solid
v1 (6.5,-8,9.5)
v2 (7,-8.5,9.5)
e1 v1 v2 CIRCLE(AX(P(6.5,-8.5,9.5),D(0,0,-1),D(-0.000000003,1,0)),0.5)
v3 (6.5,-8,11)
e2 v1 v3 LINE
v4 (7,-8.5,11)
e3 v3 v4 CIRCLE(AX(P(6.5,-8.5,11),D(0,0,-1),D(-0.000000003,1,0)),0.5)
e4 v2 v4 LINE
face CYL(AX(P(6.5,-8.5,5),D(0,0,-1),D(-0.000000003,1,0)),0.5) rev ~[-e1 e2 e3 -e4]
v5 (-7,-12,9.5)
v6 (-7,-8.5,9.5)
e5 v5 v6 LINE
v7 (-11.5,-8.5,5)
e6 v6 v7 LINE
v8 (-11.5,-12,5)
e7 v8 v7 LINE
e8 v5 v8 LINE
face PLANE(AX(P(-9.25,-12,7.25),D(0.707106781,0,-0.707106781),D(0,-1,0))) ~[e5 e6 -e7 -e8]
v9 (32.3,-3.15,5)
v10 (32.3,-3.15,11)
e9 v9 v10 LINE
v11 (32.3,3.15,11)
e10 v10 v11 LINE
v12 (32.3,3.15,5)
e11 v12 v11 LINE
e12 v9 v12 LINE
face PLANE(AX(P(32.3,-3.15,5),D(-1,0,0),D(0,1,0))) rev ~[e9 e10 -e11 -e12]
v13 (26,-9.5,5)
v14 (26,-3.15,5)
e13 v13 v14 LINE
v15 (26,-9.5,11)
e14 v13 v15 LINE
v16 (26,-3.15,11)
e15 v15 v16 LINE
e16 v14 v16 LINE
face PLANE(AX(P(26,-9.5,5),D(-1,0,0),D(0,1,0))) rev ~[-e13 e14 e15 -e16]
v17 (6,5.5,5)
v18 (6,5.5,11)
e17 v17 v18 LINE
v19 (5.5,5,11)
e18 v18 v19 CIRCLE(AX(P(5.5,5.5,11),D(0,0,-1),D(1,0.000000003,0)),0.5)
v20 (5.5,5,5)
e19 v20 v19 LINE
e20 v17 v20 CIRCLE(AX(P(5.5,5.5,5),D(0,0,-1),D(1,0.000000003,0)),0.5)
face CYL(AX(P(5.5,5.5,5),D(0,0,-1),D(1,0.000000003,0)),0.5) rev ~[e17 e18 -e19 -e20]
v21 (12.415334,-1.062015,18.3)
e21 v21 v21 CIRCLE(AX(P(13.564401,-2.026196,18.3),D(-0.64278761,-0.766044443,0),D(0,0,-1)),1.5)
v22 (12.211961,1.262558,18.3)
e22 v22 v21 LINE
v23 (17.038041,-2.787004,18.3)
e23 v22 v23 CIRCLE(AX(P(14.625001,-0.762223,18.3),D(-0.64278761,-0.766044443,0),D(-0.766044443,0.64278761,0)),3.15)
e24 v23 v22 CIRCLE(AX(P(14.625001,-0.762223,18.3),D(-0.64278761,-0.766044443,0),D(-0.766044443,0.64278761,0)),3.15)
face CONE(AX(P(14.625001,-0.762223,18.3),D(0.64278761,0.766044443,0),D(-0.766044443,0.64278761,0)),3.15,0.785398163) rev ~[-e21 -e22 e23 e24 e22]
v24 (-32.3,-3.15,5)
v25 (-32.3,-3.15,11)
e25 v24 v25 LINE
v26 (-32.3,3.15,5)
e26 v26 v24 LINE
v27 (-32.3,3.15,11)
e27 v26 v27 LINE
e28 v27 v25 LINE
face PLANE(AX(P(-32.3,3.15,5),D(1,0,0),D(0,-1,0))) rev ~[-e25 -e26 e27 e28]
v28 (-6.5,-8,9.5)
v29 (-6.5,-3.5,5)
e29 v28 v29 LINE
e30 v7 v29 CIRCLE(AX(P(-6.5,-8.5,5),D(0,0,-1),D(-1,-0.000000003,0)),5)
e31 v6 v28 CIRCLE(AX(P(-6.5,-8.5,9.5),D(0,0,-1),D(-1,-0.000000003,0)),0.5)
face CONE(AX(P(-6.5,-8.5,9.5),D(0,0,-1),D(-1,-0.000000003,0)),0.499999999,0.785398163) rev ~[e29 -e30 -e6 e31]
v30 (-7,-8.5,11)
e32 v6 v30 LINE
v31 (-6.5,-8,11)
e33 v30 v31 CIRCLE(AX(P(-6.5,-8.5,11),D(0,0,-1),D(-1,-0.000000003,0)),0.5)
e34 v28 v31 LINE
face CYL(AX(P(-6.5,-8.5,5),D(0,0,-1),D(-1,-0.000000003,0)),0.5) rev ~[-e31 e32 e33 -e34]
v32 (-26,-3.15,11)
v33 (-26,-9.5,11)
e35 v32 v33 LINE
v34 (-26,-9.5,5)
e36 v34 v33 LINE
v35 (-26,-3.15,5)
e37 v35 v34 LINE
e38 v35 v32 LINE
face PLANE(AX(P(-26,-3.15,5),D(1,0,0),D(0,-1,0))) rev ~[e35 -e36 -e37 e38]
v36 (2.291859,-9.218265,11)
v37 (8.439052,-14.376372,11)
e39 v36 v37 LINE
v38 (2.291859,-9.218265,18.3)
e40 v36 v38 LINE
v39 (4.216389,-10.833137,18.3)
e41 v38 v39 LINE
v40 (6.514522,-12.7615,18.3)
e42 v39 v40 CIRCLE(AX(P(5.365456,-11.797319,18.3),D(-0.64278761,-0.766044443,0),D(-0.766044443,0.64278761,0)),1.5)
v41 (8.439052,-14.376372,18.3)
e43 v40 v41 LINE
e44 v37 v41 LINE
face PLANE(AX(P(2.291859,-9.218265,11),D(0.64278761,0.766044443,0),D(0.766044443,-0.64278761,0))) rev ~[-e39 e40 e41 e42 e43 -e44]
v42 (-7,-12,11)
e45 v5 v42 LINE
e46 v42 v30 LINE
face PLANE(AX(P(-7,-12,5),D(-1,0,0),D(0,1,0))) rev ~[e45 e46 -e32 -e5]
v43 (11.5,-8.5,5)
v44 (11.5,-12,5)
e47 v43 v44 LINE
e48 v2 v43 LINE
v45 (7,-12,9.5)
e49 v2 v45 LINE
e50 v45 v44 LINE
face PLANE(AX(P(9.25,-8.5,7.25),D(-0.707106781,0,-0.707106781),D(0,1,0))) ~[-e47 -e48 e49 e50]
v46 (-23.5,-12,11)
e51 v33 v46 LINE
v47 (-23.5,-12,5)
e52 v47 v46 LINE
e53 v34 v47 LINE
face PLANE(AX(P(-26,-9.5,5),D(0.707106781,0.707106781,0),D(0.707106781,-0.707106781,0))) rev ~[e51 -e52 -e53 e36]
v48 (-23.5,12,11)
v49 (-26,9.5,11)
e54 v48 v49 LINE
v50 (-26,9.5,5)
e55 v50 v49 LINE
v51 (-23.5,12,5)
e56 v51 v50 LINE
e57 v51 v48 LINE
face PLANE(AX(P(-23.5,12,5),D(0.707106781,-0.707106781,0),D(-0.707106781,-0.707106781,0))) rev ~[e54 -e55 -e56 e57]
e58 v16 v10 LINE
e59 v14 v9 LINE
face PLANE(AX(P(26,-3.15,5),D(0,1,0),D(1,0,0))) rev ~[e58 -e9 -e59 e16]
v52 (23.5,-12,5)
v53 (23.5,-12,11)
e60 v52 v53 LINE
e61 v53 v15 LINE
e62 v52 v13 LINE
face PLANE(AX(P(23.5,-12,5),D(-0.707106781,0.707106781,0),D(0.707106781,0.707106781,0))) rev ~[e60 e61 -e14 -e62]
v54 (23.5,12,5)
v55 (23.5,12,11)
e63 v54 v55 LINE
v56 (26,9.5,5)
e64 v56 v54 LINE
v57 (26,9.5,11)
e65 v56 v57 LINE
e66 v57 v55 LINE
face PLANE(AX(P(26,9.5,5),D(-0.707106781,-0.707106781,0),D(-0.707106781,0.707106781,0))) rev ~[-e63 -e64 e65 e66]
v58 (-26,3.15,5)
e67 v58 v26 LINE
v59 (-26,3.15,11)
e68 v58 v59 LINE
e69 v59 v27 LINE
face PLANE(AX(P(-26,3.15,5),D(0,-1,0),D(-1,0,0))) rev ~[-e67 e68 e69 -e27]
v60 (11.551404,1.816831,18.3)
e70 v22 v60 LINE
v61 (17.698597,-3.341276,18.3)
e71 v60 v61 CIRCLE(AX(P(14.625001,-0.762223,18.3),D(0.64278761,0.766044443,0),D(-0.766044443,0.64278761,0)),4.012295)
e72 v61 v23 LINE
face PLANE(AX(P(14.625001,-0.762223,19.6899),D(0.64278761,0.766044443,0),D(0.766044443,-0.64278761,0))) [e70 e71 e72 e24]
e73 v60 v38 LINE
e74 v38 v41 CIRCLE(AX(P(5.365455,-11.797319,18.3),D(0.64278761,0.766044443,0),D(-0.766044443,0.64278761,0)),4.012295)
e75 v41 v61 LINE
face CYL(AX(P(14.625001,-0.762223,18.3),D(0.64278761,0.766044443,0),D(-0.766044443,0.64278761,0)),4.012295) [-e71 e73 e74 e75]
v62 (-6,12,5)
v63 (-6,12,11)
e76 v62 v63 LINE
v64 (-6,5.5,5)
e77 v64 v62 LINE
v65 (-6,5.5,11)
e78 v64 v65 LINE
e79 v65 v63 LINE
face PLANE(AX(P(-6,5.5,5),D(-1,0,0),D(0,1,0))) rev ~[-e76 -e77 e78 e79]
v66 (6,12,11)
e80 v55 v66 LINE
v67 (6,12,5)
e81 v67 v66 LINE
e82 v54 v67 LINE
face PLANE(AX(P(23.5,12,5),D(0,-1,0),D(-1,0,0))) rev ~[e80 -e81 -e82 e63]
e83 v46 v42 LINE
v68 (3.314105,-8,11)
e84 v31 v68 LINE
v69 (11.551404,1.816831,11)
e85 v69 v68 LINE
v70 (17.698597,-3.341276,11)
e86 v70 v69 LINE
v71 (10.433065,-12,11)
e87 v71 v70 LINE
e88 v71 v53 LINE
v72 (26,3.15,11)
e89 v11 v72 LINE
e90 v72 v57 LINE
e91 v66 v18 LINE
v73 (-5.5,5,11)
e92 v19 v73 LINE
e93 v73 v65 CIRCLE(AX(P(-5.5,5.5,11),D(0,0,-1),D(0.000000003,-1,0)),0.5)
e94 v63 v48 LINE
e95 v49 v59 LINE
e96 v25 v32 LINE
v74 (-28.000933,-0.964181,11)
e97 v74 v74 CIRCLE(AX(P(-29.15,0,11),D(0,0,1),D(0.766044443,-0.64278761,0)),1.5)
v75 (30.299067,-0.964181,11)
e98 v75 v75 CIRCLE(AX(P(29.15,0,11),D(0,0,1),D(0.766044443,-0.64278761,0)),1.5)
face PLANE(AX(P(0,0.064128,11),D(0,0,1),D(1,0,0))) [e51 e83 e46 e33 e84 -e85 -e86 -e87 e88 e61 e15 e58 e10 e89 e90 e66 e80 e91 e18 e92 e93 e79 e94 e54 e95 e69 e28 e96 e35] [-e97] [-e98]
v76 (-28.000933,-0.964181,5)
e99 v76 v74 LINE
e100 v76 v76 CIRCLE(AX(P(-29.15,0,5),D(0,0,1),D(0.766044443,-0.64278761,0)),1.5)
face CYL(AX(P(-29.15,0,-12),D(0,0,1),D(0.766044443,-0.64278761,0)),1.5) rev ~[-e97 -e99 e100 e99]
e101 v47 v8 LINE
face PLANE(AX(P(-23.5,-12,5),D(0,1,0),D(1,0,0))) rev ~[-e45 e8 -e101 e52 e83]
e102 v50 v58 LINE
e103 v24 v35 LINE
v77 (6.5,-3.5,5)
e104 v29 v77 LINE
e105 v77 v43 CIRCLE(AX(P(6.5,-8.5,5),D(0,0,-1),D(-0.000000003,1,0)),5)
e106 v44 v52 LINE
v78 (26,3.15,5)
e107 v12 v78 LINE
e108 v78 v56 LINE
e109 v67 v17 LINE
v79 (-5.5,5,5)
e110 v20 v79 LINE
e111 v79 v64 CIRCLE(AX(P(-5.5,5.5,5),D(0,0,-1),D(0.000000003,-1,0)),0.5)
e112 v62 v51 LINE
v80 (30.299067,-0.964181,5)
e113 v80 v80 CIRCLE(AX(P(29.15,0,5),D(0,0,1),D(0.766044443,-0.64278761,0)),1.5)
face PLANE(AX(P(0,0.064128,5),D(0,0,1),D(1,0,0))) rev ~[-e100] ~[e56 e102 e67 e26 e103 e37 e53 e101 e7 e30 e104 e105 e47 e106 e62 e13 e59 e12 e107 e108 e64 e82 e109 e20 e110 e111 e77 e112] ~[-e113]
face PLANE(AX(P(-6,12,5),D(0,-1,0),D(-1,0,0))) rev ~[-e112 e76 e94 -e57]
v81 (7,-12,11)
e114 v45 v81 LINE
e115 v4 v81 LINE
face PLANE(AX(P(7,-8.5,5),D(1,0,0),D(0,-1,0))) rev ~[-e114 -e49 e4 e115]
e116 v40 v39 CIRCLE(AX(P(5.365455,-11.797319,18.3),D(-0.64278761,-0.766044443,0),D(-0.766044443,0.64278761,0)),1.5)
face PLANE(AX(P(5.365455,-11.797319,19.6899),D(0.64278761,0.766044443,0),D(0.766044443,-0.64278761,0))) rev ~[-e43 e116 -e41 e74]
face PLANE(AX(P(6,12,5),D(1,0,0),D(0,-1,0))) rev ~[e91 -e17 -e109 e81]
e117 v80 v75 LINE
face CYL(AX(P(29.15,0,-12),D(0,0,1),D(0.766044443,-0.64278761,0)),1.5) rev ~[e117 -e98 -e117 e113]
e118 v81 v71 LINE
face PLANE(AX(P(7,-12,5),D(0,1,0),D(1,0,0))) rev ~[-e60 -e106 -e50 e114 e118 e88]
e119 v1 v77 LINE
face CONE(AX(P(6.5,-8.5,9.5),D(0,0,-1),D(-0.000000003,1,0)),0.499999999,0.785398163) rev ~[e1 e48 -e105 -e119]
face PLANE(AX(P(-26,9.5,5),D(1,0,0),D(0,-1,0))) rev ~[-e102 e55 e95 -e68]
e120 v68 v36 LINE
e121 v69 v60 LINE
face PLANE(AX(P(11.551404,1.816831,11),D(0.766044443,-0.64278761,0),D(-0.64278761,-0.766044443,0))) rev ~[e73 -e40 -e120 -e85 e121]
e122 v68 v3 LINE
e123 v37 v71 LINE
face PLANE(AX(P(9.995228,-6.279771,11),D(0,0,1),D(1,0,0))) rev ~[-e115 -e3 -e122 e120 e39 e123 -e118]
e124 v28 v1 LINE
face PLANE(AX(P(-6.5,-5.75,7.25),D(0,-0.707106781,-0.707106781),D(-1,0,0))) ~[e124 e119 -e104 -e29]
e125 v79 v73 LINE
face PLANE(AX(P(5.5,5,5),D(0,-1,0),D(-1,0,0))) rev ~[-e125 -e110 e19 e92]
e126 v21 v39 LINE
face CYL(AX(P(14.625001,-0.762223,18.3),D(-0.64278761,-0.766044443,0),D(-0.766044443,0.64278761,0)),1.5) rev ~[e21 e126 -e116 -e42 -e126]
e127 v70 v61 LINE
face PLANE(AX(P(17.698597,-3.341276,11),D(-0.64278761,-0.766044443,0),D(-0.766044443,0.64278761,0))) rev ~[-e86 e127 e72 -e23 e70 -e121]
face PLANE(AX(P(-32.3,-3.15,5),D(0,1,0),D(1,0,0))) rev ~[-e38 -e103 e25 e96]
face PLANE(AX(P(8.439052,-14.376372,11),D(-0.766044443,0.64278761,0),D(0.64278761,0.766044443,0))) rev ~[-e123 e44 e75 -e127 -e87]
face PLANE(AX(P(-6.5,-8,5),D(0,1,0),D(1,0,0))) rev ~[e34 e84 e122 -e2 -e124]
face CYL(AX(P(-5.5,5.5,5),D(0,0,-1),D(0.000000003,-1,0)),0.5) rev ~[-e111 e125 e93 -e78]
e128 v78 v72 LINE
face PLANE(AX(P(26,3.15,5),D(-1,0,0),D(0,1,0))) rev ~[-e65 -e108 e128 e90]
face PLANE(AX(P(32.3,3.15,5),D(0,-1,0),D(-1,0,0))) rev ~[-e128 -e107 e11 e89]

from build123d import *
from build123d.topology import SkipClean

# Parameters (mm, degrees)
BOSS_EXTRUDE1_START           = 5
BOSS_EXTRUDE1_DEPTH           = 6
CHAMFER1_SIZE                 = 4.5
SKETCH2_W                     = 6
SKETCH2_H                     = 6.3
BOSS_EXTRUDE2_DEPTH           = 6.3
BOSS_EXTRUDE3_DEPTH           = 7.3
BOSS_EXTRUDE4_DEPTH           = 14.405295
CSK_FOR_M3_SFHCS1_D           = 3
CSK_FOR_M3_SFHCS1_CSINK_D     = 6.3
CSK_FOR_M3_SFHCS1_CSINK_ANGLE = 90
CSK_FOR_M3_SFHCS2_D           = 3
CSK_FOR_M3_SFHCS2_CSINK_D     = 6.3
CSK_FOR_M3_SFHCS2_CSINK_ANGLE = 90


with BuildPart() as part:
    # Sketch1 → Boss-Extrude1 (new body)
    with BuildSketch(Plane.XY.offset(BOSS_EXTRUDE1_START)):
        with BuildLine():
            Line((-23.5, -12), (-7, -12))
            Line((-7, -12), (-7, -8.5))
            ThreePointArc((-7, -8.5), (-6.853553391, -8.146446609), (-6.5, -8))
            Line((-6.5, -8), (6.5, -8))
            ThreePointArc((6.5, -8), (6.853553391, -8.146446609), (7, -8.5))
            Line((7, -8.5), (7, -12))
            Line((7, -12), (23.5, -12))
            Line((23.5, -12), (26, -9.5))
            Line((26, -9.5), (26, -3.15))
            Line((26, -3.15), (32.3, -3.15))
            Line((32.3, -3.15), (32.3, 3.15))
            Line((32.3, 3.15), (26, 3.15))
            Line((26, 3.15), (26, 9.5))
            Line((26, 9.5), (23.5, 12))
            Line((23.5, 12), (6, 12))
            Line((6, 12), (6, 5.5))
            ThreePointArc((6, 5.5), (5.853553391, 5.146446609), (5.5, 5))
            Line((5.5, 5), (-5.5, 5))
            ThreePointArc((-5.5, 5), (-5.853553391, 5.146446609), (-6, 5.5))
            Line((-6, 5.5), (-6, 12))
            Line((-6, 12), (-23.5, 12))
            Line((-23.5, 12), (-26, 9.5))
            Line((-26, 9.5), (-26, 3.15))
            Line((-26, 3.15), (-32.3, 3.15))
            Line((-32.3, 3.15), (-32.3, -3.15))
            Line((-32.3, -3.15), (-26, -3.15))
            Line((-26, -3.15), (-26, -9.5))
            Line((-26, -9.5), (-23.5, -12))
        make_face()
    extrude(amount=BOSS_EXTRUDE1_DEPTH)

    # Chamfer1
    chamfer1_edges = [part.edges().sort_by_distance(p)[0] for p in [
        (7, -10.25, 5),
        (6.853553391, -8.146446609, 5),
        (0, -8, 5),
        (-6.853553391, -8.146446609, 5),
        (-7, -10.25, 5),
    ]]
    chamfer(chamfer1_edges, length=CHAMFER1_SIZE)

    # Sketch2 → Boss-Extrude2 (add)
    with BuildSketch(Plane(origin=(26, 0, 0), x_dir=(0, 0, -1), z_dir=(1, 0, 0))):
        with Locations((-8, 0)):
            Rectangle(SKETCH2_W, SKETCH2_H)
    boss_extrude2 = extrude(amount=BOSS_EXTRUDE2_DEPTH)

    # Mirror1: Boss-Extrude2 across plane
    add(boss_extrude2.mirror(Plane(origin=(0, 0, 0), x_dir=(0, 0, 1), z_dir=(1, 0, 0))))

    # Sketch3 → Boss-Extrude3 (add)
    with BuildSketch(Plane.XY.offset(11)):
        Polygon((11.551404138, 1.816830905), (2.291859281, -9.218264944), (8.439052056, -14.376372134), (17.698596913, -3.341276285), align=None)
    extrude(amount=BOSS_EXTRUDE3_DEPTH)

    # Sketch4 → Boss-Extrude4 (add)
    with SkipClean():  # the faces are left unmerged after this step: merging them gives an invalid solid
        with BuildSketch(Plane(origin=(5.667376511, 6.754116317, 0), x_dir=(0.7660444431189792, -0.6427876096865379, 0), z_dir=(0.6427876096865379, 0.7660444431189792, 0))):
            with BuildLine():
                Line((15.705642813, -18.3), (7.681052555, -18.3))
                ThreePointArc((7.681052555, -18.3), (11.693347684, -22.312295129), (15.705642813, -18.3))
            make_face()
        extrude(amount=-BOSS_EXTRUDE4_DEPTH)

    # CSK for M3 SFHCS1 (through all)
    with Locations(Plane(origin=(5.667376511, 6.754116317, 0), x_dir=(0.7660444431189792, -0.6427876096865379, 0), z_dir=(0.6427876096865379, 0.7660444431189792, 0))):
        with Locations((11.693347684, -18.3)):
            CounterSinkHole(CSK_FOR_M3_SFHCS1_D / 2, CSK_FOR_M3_SFHCS1_CSINK_D / 2, counter_sink_angle=CSK_FOR_M3_SFHCS1_CSINK_ANGLE)

    # CSK for M3 SFHCS2 (through all)
    with Locations(Plane(origin=(-1490.377712475, -7.825775805, -12), x_dir=(-0.766044443118981, 0.6427876096865359, 0), z_dir=(0, 0, -1))):
        with Locations((-1114.335057549, 945.253960578), (-1158.995448583, 982.728478223)):
            CounterSinkHole(CSK_FOR_M3_SFHCS2_D / 2, CSK_FOR_M3_SFHCS2_CSINK_D / 2, counter_sink_angle=CSK_FOR_M3_SFHCS2_CSINK_ANGLE)


solid = part.part
